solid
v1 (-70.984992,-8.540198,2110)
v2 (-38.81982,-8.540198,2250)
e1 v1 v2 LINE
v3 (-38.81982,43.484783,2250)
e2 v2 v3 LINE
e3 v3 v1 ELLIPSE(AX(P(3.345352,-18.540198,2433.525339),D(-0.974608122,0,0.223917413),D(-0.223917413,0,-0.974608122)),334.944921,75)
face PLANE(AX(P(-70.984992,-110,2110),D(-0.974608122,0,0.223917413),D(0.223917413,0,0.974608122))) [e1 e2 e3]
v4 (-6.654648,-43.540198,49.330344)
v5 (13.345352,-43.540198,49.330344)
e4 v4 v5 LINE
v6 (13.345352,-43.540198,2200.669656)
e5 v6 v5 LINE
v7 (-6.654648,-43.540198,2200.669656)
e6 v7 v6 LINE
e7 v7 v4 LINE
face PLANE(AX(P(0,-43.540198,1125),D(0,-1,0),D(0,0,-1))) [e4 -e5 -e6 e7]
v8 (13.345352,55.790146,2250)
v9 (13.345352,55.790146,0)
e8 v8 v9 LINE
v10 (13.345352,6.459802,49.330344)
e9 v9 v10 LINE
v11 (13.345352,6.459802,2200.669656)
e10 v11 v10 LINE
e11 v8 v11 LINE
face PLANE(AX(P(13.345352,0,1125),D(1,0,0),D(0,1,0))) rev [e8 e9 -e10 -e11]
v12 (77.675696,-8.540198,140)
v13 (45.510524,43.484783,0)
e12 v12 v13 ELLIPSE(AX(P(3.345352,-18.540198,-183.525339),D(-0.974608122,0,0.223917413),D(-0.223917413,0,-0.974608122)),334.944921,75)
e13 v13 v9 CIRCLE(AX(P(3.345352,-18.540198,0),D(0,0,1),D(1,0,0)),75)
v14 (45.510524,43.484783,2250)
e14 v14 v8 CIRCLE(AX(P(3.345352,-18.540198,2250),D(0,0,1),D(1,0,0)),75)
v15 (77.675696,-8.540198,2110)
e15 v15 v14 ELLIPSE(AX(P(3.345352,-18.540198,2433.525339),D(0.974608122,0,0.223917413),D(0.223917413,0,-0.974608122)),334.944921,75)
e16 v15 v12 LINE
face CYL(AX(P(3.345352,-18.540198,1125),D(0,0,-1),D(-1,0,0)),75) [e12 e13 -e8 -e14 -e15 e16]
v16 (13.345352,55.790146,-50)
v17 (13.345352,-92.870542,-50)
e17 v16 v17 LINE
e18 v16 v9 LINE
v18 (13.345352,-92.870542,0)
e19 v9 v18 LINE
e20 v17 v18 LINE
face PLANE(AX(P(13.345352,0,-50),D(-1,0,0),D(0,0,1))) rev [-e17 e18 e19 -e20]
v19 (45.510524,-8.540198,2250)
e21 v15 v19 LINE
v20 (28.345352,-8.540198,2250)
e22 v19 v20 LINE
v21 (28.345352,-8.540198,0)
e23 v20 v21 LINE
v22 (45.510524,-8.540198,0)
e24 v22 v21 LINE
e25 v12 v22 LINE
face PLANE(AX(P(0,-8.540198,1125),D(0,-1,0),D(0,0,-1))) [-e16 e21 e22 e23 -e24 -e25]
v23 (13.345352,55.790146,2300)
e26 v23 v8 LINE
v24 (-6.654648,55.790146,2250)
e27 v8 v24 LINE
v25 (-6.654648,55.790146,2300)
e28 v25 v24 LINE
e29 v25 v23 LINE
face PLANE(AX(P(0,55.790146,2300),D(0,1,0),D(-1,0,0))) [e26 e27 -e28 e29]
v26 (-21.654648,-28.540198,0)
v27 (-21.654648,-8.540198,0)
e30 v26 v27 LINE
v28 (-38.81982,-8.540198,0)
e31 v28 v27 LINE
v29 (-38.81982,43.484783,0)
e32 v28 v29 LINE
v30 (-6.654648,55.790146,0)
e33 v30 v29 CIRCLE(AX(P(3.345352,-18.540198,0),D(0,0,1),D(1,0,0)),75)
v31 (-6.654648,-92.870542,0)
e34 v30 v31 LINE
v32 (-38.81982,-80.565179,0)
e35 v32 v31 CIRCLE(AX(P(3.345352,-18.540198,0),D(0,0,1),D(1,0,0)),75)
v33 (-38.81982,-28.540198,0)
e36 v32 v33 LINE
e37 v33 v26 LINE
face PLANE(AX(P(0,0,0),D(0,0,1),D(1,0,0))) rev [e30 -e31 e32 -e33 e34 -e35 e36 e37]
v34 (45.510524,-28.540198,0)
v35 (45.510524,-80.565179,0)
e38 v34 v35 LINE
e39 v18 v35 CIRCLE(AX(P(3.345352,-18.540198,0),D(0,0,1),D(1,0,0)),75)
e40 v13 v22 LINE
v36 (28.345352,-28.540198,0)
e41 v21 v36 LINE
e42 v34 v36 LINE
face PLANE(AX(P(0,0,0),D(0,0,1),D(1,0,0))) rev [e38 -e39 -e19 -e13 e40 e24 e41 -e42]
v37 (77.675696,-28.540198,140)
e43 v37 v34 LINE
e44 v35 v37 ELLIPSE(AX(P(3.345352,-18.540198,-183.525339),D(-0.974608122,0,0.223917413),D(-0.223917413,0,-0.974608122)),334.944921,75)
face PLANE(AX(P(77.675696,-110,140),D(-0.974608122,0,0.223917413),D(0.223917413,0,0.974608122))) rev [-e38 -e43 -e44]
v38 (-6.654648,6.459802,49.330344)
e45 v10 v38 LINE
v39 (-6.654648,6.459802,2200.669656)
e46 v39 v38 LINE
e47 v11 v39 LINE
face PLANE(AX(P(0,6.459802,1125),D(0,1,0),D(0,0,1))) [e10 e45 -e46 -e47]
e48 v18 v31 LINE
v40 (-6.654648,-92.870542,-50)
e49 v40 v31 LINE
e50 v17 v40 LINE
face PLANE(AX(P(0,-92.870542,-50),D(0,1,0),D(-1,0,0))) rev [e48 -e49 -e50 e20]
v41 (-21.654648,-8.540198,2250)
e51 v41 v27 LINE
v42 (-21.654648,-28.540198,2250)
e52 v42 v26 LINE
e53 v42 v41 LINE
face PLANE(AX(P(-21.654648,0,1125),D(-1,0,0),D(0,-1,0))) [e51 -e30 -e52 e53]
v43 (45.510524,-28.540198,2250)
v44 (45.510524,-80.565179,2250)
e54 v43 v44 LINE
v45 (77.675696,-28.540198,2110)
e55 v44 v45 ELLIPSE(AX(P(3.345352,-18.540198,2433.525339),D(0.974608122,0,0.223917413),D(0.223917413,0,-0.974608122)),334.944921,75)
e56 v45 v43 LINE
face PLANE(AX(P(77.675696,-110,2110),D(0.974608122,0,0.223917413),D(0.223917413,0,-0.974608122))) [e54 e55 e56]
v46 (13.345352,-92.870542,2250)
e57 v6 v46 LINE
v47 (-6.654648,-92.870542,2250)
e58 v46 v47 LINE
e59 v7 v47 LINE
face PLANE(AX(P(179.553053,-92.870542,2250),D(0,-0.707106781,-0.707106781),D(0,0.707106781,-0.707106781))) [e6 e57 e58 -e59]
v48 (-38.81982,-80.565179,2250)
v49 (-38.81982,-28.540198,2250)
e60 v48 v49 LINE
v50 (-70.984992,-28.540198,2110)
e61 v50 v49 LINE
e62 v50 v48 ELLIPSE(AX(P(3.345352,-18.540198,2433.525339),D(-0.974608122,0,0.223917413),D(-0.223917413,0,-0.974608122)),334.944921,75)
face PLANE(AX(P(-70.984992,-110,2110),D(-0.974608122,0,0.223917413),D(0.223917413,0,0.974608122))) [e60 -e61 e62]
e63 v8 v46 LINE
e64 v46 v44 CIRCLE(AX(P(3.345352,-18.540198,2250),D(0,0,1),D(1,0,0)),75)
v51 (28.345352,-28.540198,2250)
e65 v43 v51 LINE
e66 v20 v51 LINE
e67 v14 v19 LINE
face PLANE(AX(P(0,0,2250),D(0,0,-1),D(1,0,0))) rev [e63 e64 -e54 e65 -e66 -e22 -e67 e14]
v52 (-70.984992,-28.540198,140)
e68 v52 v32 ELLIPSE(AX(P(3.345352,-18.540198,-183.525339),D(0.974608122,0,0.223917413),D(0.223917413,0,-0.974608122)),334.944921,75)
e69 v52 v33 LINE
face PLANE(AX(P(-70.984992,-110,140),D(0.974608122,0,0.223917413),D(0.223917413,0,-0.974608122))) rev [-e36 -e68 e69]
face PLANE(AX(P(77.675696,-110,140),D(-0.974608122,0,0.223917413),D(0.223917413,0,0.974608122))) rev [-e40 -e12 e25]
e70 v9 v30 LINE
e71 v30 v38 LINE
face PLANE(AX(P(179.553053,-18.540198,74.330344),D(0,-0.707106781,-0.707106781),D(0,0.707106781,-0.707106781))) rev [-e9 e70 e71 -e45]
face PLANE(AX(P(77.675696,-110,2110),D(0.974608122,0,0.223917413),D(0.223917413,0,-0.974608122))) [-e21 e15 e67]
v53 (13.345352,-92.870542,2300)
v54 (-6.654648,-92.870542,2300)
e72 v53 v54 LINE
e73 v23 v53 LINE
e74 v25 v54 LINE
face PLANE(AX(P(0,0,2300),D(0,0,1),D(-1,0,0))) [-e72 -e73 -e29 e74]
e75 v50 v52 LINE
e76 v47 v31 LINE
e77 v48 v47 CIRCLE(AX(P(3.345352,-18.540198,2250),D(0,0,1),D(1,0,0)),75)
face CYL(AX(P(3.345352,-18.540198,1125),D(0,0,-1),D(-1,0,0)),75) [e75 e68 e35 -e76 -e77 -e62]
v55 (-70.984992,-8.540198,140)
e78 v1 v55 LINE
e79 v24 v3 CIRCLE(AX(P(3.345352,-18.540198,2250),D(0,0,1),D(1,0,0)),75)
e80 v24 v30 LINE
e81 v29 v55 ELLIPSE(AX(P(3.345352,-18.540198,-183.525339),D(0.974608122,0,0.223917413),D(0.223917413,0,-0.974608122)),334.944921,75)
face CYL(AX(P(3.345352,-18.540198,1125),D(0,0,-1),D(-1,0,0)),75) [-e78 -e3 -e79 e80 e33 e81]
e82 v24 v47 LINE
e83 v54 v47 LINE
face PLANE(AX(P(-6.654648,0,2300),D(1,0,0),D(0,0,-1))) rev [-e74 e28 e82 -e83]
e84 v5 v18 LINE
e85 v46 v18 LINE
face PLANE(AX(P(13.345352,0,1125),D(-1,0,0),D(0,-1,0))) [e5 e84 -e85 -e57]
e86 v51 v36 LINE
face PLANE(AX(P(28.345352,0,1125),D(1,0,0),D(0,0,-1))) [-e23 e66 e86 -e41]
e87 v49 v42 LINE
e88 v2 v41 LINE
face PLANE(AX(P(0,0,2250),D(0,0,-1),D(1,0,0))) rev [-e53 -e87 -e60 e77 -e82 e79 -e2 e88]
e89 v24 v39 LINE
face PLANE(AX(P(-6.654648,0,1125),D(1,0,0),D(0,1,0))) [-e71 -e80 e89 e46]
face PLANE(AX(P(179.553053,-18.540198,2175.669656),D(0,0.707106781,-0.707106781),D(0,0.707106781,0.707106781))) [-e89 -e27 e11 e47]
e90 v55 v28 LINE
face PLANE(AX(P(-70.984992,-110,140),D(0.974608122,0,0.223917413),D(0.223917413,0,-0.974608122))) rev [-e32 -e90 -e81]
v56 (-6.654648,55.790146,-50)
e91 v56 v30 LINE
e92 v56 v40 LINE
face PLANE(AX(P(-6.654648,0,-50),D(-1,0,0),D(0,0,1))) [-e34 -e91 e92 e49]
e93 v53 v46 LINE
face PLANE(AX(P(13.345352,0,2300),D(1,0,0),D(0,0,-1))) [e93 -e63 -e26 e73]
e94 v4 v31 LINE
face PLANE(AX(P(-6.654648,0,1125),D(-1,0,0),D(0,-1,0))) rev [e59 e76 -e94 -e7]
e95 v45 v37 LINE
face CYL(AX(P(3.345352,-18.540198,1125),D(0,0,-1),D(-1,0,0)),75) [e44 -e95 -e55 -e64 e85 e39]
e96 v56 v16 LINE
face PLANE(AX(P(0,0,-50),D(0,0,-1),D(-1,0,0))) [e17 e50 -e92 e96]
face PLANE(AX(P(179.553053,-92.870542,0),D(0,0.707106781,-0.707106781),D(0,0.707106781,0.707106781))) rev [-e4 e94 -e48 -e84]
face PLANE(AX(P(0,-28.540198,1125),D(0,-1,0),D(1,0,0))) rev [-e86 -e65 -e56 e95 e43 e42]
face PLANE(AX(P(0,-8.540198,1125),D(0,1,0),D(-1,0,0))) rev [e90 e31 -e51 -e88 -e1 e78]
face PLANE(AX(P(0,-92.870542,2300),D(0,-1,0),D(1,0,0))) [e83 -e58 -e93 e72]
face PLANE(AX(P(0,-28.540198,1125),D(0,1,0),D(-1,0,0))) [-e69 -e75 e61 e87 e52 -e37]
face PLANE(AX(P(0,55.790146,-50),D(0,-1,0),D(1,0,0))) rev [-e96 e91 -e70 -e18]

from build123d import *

# Parameters (mm, degrees)
BOSS_EXTRUDE1_DEPTH = 1125
CUT_EXTRUDE1_DEPTH  = 110
BOSS_EXTRUDE2_DEPTH = 20
SKETCH4_W           = 20
SKETCH4_H           = 74.330343737
SKETCH4_H_2         = 74.330343736
BOSS_EXTRUDE3_DEPTH = 50


with BuildPart() as part:
    # Sketch1 → Boss-Extrude1 (new body)
    with BuildSketch(Plane.XY):
        with BuildLine():
            Line((77.675695624, -8.540198176), (28.345351887, -8.540198176))
            Line((28.345351887, -8.540198176), (28.345351887, -28.540198176))
            Line((28.345351887, -28.540198176), (77.675695624, -28.540198176))
            ThreePointArc((77.675695624, -28.540198176), (56.378360476, -71.573206765), (13.345351887, -92.870541913))
            Line((13.345351887, -92.870541913), (13.345351887, -43.540198176))
            Line((13.345351887, -43.540198176), (-6.654648113, -43.540198176))
            Line((-6.654648113, -43.540198176), (-6.654648113, -92.870541913))
            ThreePointArc((-6.654648113, -92.870541913), (-49.687656702, -71.573206765), (-70.984991849, -28.540198176))
            Line((-70.984991849, -28.540198176), (-21.654648113, -28.540198176))
            Line((-21.654648113, -28.540198176), (-21.654648113, -8.540198176))
            Line((-21.654648113, -8.540198176), (-70.984991849, -8.540198176))
            ThreePointArc((-70.984991849, -8.540198176), (-49.687656702, 34.492810412), (-6.654648113, 55.79014556))
            Line((-6.654648113, 55.79014556), (-6.654648113, 6.459801824))
            Line((-6.654648113, 6.459801824), (13.345351887, 6.459801824))
            Line((13.345351887, 6.459801824), (13.345351887, 55.79014556))
            ThreePointArc((13.345351887, 55.79014556), (56.378360476, 34.492810412), (77.675695624, -8.540198176))
        make_face()
    boss_extrude1 = extrude(amount=BOSS_EXTRUDE1_DEPTH)

    # Sketch2 → Cut-Extrude1 (cut, symmetric)
    with BuildSketch(Plane(origin=(0, 0, 0), x_dir=(1, 0, 0), z_dir=(0, 1, 0))):
        Polygon((-70.984991849, -140), (-38.819819981, 0), (-70.984991849, 0), align=None)
        Polygon((77.675695624, 0), (45.510523755, 0), (77.675695624, -140), align=None)
    cut_extrude1 = extrude(amount=CUT_EXTRUDE1_DEPTH, both=True, mode=Mode.SUBTRACT)

    # Sketch3 → Boss-Extrude2 (add)
    with BuildSketch(Plane(origin=(-6.654648113, 0, 0), x_dir=(0, 0, -1), z_dir=(1, 0, 0))):
        Polygon((0, 55.79014556), (0, -92.870541913), (-74.330343737, -18.540198176), align=None)
    boss_extrude2 = extrude(amount=BOSS_EXTRUDE2_DEPTH)

    # Sketch4 → Boss-Extrude3 (add)
    with BuildSketch(Plane(origin=(0, 0, 0), x_dir=(-1, 0, 0), z_dir=(0, 0, -1))):
        with Locations((-3.345351887, -55.705370045)):
            Rectangle(SKETCH4_W, SKETCH4_H)
        with Locations((-3.345351887, 18.624973692)):
            Rectangle(SKETCH4_W, SKETCH4_H_2)
    boss_extrude3 = extrude(amount=BOSS_EXTRUDE3_DEPTH)

    # Mirror1: Boss-Extrude1, Cut-Extrude1, Boss-Extrude2, Boss-Extrude3 across plane
    add(boss_extrude1.mirror(Plane.XY.offset(1125)))
    add(cut_extrude1.mirror(Plane.XY.offset(1125)), mode=Mode.SUBTRACT)
    add(boss_extrude2.mirror(Plane.XY.offset(1125)))
    add(boss_extrude3.mirror(Plane.XY.offset(1125)))


solid = part.part
